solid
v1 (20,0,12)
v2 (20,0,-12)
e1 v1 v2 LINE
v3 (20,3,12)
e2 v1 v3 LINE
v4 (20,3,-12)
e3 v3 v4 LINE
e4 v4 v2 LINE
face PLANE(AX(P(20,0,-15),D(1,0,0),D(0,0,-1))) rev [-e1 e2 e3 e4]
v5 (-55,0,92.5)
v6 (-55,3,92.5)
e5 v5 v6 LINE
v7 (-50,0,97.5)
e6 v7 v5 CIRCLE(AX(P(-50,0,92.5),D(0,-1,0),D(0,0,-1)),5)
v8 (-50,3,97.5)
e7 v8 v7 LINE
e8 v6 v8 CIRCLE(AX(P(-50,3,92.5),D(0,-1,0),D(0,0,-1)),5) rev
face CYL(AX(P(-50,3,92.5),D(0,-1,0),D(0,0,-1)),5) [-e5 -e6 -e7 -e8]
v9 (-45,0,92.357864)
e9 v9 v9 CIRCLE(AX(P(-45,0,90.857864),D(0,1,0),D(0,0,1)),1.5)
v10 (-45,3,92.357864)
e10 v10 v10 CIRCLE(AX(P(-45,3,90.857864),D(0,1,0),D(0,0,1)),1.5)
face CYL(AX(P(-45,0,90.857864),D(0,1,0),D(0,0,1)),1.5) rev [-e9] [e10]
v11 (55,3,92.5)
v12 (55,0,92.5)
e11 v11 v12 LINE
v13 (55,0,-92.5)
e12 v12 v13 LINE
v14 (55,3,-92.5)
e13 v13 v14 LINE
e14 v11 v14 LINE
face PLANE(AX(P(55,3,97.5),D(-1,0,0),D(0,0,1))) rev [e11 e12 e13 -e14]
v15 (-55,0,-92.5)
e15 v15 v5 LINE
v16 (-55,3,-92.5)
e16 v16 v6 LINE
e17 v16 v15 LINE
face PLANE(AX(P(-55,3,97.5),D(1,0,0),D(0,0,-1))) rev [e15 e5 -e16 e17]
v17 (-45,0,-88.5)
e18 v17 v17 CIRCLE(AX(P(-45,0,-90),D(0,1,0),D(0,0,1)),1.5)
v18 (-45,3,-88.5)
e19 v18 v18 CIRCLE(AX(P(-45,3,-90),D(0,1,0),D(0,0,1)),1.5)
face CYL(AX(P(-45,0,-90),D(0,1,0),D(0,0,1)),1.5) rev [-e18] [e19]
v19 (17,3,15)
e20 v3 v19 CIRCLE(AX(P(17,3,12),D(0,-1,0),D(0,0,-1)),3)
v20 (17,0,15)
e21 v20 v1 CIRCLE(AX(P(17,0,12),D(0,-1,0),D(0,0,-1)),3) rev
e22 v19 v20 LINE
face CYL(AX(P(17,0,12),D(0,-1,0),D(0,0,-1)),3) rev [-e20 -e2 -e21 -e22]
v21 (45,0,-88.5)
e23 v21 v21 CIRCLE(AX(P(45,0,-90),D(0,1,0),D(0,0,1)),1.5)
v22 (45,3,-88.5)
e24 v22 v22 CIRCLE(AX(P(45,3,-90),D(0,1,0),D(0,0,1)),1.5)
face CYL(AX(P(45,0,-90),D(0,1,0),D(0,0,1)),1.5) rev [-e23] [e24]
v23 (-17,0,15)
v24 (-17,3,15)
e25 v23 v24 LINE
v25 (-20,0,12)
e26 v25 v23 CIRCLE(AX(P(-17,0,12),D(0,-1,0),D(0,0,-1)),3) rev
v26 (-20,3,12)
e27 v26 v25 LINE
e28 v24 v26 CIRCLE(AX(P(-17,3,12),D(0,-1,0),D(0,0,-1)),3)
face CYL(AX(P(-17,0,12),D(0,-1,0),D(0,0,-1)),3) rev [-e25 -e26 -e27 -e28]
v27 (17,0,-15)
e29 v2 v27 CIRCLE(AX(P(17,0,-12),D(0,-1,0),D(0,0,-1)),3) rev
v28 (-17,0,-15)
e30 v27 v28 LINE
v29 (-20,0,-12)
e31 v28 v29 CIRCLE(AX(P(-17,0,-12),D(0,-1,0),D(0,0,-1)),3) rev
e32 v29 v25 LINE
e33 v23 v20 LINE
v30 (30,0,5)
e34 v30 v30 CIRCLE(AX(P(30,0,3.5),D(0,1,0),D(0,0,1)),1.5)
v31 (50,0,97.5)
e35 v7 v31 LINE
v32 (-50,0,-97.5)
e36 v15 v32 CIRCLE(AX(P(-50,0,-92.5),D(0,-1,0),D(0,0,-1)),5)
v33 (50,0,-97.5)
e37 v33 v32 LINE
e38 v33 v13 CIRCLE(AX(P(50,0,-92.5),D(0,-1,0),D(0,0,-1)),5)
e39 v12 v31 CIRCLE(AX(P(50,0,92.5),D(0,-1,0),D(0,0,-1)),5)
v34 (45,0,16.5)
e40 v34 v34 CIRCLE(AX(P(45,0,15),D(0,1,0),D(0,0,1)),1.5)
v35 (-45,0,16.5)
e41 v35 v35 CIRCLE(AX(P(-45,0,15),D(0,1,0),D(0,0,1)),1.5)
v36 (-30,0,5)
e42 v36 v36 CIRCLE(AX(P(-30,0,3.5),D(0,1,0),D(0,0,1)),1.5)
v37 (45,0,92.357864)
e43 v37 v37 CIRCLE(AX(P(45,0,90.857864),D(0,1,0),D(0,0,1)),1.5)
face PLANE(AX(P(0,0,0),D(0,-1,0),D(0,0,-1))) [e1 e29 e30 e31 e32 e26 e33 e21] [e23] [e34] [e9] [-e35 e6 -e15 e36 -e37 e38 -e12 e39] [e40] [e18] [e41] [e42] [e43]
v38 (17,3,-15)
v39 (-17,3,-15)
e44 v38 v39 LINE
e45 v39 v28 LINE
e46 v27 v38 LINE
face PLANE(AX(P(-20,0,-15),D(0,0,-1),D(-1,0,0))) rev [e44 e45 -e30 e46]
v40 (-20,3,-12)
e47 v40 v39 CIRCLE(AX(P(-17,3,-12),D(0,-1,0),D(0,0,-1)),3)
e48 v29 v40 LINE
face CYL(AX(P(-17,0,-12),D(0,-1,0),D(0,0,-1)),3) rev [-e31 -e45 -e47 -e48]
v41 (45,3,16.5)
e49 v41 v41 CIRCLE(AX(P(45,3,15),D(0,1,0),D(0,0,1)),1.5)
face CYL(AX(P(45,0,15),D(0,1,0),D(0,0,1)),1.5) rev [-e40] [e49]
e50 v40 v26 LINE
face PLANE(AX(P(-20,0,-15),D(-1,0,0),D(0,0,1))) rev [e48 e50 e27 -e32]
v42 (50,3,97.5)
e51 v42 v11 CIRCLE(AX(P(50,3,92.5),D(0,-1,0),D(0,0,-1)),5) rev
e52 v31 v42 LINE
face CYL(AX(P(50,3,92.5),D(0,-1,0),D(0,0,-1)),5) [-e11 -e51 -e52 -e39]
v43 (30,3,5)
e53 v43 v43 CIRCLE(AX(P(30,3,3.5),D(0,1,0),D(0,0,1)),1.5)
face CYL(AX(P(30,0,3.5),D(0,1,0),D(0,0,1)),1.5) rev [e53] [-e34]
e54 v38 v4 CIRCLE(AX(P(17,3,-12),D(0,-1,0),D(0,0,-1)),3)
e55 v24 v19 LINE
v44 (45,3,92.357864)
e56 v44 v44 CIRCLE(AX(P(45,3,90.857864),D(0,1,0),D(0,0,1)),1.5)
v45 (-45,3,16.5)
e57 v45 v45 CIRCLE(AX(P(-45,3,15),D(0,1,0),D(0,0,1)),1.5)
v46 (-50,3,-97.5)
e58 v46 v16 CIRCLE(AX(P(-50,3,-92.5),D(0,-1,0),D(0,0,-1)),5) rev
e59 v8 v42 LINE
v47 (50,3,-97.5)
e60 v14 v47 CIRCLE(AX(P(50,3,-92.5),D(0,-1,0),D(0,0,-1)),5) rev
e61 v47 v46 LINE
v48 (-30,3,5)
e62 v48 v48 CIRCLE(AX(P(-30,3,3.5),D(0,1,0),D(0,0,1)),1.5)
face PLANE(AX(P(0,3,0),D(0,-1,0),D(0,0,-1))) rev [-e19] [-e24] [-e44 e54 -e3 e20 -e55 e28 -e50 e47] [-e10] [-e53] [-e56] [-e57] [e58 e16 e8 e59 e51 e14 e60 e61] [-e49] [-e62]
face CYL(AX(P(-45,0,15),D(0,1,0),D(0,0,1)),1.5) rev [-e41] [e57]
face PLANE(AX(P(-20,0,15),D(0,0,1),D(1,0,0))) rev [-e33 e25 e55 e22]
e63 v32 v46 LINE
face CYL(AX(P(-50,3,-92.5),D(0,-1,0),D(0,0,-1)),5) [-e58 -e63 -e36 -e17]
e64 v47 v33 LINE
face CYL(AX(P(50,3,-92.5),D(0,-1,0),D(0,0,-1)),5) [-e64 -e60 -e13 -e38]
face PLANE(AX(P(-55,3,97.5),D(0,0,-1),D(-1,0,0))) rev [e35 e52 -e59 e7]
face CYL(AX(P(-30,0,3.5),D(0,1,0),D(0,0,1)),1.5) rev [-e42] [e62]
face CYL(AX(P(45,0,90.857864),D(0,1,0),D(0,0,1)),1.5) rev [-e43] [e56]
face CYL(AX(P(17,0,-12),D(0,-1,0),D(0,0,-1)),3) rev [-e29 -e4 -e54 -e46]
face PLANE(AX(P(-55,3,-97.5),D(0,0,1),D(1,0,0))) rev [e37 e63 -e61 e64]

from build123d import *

# Parameters (mm, degrees)
CROQUIS1_W              = 110
CROQUIS1_H              = 195
SALIENTE_EXTRUIR1_DEPTH = 3
REDONDEO1_R             = 5
CROQUIS2_R              = 1.5
CORTAR_EXTRUIR1_DEPTH   = 3
CROQUIS3_W              = 40
CROQUIS3_H              = 30
CORTAR_EXTRUIR2_DEPTH   = 3
REDONDEO2_R             = 3


with BuildPart() as part:
    # Croquis1 → Saliente-Extruir1 (new body)
    with BuildSketch(Plane(origin=(0, 0, 0), x_dir=(1, 0, 0), z_dir=(0, 1, 0))):
        Rectangle(CROQUIS1_W, CROQUIS1_H)
    extrude(amount=SALIENTE_EXTRUIR1_DEPTH)

    # Redondeo1
    redondeo1_edges = [part.edges().sort_by_distance(p)[0] for p in [
        (55, 1.5, 97.5),
        (-55, 1.5, 97.5),
        (-55, 1.5, -97.5),
        (55, 1.5, -97.5),
    ]]
    fillet(redondeo1_edges, radius=REDONDEO1_R)

    # Croquis2 → Cortar-Extruir1 (cut)
    with BuildSketch(Plane(origin=(0, 3, 0), x_dir=(1, 0, 0), z_dir=(0, 1, 0))):
        with Locations(Location((-45, -90.857864376, 0), (0, 0, 270))):
            Circle(CROQUIS2_R)
        with Locations(Location((-45, -15, 0), (0, 0, 270))):
            Circle(CROQUIS2_R)
        with Locations(Location((-45, 90, 0), (0, 0, 270))):
            Circle(CROQUIS2_R)
        with Locations(Location((45, 90, 0), (0, 0, 270))):
            Circle(CROQUIS2_R)
        with Locations(Location((45, -15, 0), (0, 0, 270))):
            Circle(CROQUIS2_R)
        with Locations(Location((45, -90.857864376, 0), (0, 0, 270))):
            Circle(CROQUIS2_R)
        with Locations(Location((-30, -3.5, 0), (0, 0, 270))):
            Circle(CROQUIS2_R)
        with Locations(Location((30, -3.5, 0), (0, 0, 270))):
            Circle(CROQUIS2_R)
    extrude(amount=-CORTAR_EXTRUIR1_DEPTH, mode=Mode.SUBTRACT)

    # Croquis3 → Cortar-Extruir2 (cut)
    with BuildSketch(Plane(origin=(0, 3, 0), x_dir=(1, 0, 0), z_dir=(0, 1, 0))):
        Rectangle(CROQUIS3_W, CROQUIS3_H)
    extrude(amount=-CORTAR_EXTRUIR2_DEPTH, mode=Mode.SUBTRACT)

    # Redondeo2
    redondeo2_edges = [part.edges().sort_by_distance(p)[0] for p in [
        (20, 1.5, -15),
        (20, 1.5, 15),
        (-20, 1.5, 15),
        (-20, 1.5, -15),
    ]]
    fillet(redondeo2_edges, radius=REDONDEO2_R)


solid = part.part
